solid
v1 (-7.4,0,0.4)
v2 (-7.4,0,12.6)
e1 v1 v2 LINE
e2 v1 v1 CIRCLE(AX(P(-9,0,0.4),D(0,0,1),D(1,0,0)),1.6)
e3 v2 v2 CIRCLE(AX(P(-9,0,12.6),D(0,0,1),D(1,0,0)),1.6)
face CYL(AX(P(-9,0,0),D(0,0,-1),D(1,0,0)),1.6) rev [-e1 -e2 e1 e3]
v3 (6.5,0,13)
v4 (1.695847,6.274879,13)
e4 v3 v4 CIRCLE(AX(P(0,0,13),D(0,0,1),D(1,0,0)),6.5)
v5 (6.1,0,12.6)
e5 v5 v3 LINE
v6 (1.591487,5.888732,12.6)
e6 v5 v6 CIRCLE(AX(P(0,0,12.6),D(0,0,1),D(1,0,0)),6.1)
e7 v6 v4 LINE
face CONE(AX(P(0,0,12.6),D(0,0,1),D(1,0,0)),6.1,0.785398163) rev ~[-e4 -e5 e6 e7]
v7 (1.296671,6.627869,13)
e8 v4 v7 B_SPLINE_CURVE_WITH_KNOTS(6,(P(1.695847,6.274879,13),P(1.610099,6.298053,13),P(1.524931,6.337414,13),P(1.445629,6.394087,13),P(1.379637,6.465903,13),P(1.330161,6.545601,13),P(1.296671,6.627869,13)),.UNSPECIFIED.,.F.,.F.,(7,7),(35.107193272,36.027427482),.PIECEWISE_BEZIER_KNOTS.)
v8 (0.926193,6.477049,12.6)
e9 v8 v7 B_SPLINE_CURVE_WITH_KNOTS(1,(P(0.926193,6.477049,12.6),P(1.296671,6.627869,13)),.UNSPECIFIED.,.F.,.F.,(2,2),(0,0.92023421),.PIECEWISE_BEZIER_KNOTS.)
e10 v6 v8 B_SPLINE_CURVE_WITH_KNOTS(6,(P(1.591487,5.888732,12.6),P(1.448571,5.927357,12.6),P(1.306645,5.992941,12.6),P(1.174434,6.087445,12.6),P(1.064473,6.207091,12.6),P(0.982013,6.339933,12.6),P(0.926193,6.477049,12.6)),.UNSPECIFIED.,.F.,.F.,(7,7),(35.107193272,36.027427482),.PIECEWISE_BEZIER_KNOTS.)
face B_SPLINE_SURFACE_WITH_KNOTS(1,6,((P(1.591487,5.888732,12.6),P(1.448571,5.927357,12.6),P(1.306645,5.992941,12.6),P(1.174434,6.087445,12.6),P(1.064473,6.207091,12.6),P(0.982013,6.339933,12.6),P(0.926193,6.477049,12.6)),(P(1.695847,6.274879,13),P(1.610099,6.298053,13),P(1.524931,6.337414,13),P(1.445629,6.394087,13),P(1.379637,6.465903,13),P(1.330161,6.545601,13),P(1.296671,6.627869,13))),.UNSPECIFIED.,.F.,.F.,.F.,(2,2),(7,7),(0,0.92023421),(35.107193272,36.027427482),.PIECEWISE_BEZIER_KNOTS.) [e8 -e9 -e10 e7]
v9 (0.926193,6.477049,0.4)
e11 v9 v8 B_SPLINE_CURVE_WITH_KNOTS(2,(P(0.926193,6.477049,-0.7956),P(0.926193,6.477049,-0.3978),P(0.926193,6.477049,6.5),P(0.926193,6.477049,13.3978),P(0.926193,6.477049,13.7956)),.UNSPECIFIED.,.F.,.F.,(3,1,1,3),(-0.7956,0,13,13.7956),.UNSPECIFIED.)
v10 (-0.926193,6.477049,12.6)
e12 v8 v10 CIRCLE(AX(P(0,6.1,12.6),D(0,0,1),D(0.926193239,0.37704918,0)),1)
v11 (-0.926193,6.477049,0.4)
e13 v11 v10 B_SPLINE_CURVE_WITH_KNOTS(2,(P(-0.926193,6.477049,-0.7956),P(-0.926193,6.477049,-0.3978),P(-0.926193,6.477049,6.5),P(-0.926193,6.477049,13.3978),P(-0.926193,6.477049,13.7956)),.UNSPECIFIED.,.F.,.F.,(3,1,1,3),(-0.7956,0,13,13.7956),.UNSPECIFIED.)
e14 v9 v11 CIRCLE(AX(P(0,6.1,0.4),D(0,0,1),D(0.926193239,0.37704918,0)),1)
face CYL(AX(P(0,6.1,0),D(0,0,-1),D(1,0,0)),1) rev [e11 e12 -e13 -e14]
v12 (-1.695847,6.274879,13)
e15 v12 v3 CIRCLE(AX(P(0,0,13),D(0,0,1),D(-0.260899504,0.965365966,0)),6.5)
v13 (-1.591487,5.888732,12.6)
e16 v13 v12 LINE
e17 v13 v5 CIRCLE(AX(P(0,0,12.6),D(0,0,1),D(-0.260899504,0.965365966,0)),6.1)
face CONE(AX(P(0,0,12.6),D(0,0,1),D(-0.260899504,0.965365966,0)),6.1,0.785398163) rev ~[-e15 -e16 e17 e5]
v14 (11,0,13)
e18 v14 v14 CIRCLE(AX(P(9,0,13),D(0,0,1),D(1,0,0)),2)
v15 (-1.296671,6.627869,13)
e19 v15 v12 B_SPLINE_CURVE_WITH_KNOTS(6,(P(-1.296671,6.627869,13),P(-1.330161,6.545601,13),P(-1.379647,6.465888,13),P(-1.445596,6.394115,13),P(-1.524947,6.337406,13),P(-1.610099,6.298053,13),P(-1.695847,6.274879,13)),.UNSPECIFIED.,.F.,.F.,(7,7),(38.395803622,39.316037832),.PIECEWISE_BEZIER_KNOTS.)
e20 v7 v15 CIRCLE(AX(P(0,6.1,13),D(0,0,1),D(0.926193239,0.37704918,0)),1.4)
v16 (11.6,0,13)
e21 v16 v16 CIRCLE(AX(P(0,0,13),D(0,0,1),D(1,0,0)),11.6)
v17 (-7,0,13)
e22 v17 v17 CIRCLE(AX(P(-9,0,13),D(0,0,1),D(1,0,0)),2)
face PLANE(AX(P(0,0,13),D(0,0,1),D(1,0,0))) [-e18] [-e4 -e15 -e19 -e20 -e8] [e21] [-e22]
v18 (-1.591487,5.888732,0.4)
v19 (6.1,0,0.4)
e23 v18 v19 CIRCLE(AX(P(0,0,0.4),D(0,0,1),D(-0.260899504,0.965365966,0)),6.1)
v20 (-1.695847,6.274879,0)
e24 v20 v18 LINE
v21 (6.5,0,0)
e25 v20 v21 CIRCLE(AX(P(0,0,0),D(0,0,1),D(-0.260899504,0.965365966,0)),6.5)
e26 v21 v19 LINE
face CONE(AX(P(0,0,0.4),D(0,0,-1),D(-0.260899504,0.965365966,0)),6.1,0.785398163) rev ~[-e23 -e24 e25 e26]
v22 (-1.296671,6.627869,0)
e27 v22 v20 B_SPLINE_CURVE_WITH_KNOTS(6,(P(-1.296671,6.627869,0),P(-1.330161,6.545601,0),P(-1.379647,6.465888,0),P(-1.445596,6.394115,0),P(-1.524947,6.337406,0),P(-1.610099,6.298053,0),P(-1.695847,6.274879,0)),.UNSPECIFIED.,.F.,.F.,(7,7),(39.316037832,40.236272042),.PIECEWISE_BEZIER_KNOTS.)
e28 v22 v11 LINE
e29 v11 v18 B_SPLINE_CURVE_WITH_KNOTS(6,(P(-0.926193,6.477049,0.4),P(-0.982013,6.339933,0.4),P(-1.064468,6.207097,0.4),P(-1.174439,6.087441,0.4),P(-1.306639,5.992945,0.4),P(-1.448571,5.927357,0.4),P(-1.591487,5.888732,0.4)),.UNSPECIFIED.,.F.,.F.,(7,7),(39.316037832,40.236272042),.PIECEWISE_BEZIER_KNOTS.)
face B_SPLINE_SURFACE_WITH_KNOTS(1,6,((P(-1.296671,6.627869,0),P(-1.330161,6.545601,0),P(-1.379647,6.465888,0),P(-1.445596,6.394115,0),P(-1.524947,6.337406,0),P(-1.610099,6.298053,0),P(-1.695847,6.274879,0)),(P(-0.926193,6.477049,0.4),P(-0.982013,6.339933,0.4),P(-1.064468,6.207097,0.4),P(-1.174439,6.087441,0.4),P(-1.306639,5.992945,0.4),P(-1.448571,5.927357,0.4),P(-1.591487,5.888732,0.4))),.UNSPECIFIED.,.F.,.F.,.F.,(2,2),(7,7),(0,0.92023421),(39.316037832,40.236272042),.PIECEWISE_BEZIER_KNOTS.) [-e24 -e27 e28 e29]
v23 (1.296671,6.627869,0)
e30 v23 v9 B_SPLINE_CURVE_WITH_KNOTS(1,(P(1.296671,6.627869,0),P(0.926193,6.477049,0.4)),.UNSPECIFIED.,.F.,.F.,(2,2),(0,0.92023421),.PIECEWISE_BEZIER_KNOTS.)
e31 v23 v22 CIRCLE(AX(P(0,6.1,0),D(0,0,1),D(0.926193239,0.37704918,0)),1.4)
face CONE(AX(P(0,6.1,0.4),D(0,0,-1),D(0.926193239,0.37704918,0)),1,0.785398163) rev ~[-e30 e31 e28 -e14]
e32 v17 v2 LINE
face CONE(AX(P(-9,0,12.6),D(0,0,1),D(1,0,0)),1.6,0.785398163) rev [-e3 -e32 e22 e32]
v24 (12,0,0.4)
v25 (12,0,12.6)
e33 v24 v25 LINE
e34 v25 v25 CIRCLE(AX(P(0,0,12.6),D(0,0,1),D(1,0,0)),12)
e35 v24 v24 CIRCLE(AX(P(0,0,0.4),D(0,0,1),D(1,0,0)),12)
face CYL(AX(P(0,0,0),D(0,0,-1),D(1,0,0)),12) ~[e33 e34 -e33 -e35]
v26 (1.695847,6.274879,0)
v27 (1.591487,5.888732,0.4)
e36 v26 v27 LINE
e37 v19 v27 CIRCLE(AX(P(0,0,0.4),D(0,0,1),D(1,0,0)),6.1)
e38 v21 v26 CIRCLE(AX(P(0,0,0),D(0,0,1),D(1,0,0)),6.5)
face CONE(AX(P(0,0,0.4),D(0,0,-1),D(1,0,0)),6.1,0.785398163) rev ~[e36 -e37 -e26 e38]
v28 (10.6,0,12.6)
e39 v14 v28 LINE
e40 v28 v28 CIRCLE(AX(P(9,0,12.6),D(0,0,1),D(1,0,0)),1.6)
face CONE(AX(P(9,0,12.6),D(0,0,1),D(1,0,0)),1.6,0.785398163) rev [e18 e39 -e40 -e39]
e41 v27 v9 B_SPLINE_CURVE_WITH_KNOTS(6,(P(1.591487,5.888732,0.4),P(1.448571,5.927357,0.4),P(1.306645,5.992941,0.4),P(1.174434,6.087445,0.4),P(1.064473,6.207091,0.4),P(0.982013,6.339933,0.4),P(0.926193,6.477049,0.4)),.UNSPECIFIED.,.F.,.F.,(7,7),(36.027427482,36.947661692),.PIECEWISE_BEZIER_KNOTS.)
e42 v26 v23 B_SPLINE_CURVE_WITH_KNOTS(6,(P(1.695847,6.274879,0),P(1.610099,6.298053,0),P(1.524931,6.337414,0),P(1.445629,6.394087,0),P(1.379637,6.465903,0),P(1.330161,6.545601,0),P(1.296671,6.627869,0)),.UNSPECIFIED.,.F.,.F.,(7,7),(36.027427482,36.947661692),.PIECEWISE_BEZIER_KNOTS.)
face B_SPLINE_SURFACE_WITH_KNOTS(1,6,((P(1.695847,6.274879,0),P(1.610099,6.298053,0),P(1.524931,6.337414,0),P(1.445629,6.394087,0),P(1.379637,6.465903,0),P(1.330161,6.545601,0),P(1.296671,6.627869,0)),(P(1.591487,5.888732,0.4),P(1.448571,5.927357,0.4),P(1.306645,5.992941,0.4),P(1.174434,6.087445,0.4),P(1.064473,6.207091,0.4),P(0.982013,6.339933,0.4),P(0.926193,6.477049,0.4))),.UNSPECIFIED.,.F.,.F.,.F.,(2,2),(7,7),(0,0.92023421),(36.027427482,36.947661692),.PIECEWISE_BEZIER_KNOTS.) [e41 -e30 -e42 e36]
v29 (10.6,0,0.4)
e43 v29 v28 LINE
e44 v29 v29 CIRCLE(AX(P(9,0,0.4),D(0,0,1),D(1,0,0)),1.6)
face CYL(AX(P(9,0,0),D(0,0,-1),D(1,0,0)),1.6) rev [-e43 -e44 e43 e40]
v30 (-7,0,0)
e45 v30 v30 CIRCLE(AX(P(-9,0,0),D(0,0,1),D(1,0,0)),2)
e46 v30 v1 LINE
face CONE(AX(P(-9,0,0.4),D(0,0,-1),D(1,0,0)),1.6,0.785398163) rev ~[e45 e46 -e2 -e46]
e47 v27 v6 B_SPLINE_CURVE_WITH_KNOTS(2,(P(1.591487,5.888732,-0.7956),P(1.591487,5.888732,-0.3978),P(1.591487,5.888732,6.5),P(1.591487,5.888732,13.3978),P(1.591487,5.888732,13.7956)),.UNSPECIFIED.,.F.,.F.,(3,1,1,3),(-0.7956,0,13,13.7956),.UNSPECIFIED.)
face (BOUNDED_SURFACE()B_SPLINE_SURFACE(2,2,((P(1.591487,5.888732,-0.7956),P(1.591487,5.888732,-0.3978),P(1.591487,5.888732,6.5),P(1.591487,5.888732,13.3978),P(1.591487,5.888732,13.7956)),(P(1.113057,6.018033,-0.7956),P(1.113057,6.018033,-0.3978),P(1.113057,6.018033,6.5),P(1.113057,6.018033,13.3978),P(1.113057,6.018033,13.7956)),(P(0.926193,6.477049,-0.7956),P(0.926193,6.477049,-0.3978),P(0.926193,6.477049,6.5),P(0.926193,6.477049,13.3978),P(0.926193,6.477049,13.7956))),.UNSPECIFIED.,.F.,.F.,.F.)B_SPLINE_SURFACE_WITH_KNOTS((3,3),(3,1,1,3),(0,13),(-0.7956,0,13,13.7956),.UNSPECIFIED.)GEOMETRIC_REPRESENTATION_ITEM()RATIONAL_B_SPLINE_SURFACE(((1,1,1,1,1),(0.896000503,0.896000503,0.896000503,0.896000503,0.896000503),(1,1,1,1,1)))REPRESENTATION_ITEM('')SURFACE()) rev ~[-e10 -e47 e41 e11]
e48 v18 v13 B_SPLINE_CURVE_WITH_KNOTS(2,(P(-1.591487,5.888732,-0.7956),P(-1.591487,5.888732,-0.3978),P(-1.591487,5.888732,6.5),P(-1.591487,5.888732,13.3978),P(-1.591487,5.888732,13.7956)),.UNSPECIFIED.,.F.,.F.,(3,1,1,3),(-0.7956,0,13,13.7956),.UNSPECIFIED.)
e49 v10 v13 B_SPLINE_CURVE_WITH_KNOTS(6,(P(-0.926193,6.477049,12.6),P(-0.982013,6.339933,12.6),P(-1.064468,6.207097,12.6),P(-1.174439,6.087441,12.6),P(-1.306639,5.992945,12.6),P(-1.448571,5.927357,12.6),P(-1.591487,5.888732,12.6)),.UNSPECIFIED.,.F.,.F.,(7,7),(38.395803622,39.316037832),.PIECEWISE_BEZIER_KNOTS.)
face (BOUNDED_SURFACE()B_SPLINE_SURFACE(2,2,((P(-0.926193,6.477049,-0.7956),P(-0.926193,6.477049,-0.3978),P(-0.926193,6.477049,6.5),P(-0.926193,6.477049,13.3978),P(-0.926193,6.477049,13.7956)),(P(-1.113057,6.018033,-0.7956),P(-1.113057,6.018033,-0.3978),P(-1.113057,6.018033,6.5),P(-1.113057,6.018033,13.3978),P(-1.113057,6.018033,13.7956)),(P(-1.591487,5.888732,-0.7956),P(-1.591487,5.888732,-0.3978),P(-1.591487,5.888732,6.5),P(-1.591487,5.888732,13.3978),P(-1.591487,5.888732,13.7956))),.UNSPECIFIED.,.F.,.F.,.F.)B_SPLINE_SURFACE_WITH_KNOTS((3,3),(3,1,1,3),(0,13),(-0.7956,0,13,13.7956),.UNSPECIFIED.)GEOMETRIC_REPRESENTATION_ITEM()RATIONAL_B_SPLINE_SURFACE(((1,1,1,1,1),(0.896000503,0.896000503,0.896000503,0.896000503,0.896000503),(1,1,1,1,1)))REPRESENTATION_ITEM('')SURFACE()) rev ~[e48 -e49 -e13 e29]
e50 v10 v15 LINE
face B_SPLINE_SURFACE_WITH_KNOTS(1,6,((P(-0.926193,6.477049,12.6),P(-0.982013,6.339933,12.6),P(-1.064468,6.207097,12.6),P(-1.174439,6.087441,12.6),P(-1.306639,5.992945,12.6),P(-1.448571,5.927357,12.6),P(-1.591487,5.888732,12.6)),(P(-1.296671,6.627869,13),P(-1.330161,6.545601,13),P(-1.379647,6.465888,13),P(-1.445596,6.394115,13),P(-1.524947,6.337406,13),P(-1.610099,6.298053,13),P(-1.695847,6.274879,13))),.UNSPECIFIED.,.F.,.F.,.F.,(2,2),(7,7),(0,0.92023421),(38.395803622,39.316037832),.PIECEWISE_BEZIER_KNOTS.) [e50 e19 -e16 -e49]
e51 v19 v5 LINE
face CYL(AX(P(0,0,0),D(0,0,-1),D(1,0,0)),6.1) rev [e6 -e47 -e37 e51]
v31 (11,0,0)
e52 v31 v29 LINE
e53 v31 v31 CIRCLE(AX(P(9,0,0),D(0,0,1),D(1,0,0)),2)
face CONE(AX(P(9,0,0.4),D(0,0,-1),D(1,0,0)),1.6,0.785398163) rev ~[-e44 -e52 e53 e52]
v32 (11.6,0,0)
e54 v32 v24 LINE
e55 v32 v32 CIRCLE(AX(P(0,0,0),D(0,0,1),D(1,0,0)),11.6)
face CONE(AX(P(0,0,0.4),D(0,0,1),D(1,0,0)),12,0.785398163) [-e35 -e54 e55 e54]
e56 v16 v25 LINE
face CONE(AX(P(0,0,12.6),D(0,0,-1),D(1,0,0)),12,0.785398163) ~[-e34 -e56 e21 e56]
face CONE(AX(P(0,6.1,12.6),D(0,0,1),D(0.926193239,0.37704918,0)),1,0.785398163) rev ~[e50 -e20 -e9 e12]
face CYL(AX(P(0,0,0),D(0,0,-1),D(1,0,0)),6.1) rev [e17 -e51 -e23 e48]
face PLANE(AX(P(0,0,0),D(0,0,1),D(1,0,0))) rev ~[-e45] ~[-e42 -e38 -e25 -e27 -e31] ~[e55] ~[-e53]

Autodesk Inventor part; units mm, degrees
ref_plane "YZ Plane" through (0, 0, 0) normal (1, 0, 0) x (0, 1, 0)
ref_plane "XZ Plane" through (0, 0, 0) normal (0, 1, 0) x (-1, 0, 0)
ref_plane "XY Plane" through (0, 0, 0) normal (0, 0, 1) x (1, 0, 0)
sketch "Эскиз1" plane through (0, 0, 0) normal (0, 0, 1) x (1, 0, 0)
  circle A0 centre (0, 0) radius 6.1
  circle A1 centre (0, 0) radius 12
  circle A2 centre (0, 0) radius 9 construction
  line L0 (-16.8, 0) -> (16.8, 0) construction
  circle A3 centre (-9, 0) radius 1.6
  circle A4 centre (9, 0) radius 1.6
  line L1 (0, -16.8) -> (0, 16.8) construction
  circle A5 centre (0, 6.1) radius 1
  point P0 (0.9966, 6.018)
  point P1 (-0.9966, 6.018)
  dimension "d0" = 12.2
  dimension "d1" = 24
  dimension "d2" = 18
  dimension "d3" = 3.2
  dimension "d4" = 3.2
  dimension "d10" = 2
extrude "Выдавливание1" add sketch "Эскиз1" along normal blind 13
fillet "Сопряжение1" radius 1 2 edges at (-0.9966, 6.018, 6.5) (0.9966, 6.018, 6.5)
chamfer "Фаска2" distance 0.4 angle 45 14 edges at (-1.1899, 6.105, 0) (1.1899, 6.105, 0) (0, -6.1, 0) (0, 7.1, 0) (-12, 0, 0) (7.4, 0, 0) (-10.6, 0, 0) (0, -6.1, 13) (-1.1899, 6.105, 13) (1.1899, 6.105, 13) (0, 7.1, 13) (-12, 0, 13) (-10.6, 0, 13) (7.4, 0, 13)
properties part number "Проставка шестерни"
